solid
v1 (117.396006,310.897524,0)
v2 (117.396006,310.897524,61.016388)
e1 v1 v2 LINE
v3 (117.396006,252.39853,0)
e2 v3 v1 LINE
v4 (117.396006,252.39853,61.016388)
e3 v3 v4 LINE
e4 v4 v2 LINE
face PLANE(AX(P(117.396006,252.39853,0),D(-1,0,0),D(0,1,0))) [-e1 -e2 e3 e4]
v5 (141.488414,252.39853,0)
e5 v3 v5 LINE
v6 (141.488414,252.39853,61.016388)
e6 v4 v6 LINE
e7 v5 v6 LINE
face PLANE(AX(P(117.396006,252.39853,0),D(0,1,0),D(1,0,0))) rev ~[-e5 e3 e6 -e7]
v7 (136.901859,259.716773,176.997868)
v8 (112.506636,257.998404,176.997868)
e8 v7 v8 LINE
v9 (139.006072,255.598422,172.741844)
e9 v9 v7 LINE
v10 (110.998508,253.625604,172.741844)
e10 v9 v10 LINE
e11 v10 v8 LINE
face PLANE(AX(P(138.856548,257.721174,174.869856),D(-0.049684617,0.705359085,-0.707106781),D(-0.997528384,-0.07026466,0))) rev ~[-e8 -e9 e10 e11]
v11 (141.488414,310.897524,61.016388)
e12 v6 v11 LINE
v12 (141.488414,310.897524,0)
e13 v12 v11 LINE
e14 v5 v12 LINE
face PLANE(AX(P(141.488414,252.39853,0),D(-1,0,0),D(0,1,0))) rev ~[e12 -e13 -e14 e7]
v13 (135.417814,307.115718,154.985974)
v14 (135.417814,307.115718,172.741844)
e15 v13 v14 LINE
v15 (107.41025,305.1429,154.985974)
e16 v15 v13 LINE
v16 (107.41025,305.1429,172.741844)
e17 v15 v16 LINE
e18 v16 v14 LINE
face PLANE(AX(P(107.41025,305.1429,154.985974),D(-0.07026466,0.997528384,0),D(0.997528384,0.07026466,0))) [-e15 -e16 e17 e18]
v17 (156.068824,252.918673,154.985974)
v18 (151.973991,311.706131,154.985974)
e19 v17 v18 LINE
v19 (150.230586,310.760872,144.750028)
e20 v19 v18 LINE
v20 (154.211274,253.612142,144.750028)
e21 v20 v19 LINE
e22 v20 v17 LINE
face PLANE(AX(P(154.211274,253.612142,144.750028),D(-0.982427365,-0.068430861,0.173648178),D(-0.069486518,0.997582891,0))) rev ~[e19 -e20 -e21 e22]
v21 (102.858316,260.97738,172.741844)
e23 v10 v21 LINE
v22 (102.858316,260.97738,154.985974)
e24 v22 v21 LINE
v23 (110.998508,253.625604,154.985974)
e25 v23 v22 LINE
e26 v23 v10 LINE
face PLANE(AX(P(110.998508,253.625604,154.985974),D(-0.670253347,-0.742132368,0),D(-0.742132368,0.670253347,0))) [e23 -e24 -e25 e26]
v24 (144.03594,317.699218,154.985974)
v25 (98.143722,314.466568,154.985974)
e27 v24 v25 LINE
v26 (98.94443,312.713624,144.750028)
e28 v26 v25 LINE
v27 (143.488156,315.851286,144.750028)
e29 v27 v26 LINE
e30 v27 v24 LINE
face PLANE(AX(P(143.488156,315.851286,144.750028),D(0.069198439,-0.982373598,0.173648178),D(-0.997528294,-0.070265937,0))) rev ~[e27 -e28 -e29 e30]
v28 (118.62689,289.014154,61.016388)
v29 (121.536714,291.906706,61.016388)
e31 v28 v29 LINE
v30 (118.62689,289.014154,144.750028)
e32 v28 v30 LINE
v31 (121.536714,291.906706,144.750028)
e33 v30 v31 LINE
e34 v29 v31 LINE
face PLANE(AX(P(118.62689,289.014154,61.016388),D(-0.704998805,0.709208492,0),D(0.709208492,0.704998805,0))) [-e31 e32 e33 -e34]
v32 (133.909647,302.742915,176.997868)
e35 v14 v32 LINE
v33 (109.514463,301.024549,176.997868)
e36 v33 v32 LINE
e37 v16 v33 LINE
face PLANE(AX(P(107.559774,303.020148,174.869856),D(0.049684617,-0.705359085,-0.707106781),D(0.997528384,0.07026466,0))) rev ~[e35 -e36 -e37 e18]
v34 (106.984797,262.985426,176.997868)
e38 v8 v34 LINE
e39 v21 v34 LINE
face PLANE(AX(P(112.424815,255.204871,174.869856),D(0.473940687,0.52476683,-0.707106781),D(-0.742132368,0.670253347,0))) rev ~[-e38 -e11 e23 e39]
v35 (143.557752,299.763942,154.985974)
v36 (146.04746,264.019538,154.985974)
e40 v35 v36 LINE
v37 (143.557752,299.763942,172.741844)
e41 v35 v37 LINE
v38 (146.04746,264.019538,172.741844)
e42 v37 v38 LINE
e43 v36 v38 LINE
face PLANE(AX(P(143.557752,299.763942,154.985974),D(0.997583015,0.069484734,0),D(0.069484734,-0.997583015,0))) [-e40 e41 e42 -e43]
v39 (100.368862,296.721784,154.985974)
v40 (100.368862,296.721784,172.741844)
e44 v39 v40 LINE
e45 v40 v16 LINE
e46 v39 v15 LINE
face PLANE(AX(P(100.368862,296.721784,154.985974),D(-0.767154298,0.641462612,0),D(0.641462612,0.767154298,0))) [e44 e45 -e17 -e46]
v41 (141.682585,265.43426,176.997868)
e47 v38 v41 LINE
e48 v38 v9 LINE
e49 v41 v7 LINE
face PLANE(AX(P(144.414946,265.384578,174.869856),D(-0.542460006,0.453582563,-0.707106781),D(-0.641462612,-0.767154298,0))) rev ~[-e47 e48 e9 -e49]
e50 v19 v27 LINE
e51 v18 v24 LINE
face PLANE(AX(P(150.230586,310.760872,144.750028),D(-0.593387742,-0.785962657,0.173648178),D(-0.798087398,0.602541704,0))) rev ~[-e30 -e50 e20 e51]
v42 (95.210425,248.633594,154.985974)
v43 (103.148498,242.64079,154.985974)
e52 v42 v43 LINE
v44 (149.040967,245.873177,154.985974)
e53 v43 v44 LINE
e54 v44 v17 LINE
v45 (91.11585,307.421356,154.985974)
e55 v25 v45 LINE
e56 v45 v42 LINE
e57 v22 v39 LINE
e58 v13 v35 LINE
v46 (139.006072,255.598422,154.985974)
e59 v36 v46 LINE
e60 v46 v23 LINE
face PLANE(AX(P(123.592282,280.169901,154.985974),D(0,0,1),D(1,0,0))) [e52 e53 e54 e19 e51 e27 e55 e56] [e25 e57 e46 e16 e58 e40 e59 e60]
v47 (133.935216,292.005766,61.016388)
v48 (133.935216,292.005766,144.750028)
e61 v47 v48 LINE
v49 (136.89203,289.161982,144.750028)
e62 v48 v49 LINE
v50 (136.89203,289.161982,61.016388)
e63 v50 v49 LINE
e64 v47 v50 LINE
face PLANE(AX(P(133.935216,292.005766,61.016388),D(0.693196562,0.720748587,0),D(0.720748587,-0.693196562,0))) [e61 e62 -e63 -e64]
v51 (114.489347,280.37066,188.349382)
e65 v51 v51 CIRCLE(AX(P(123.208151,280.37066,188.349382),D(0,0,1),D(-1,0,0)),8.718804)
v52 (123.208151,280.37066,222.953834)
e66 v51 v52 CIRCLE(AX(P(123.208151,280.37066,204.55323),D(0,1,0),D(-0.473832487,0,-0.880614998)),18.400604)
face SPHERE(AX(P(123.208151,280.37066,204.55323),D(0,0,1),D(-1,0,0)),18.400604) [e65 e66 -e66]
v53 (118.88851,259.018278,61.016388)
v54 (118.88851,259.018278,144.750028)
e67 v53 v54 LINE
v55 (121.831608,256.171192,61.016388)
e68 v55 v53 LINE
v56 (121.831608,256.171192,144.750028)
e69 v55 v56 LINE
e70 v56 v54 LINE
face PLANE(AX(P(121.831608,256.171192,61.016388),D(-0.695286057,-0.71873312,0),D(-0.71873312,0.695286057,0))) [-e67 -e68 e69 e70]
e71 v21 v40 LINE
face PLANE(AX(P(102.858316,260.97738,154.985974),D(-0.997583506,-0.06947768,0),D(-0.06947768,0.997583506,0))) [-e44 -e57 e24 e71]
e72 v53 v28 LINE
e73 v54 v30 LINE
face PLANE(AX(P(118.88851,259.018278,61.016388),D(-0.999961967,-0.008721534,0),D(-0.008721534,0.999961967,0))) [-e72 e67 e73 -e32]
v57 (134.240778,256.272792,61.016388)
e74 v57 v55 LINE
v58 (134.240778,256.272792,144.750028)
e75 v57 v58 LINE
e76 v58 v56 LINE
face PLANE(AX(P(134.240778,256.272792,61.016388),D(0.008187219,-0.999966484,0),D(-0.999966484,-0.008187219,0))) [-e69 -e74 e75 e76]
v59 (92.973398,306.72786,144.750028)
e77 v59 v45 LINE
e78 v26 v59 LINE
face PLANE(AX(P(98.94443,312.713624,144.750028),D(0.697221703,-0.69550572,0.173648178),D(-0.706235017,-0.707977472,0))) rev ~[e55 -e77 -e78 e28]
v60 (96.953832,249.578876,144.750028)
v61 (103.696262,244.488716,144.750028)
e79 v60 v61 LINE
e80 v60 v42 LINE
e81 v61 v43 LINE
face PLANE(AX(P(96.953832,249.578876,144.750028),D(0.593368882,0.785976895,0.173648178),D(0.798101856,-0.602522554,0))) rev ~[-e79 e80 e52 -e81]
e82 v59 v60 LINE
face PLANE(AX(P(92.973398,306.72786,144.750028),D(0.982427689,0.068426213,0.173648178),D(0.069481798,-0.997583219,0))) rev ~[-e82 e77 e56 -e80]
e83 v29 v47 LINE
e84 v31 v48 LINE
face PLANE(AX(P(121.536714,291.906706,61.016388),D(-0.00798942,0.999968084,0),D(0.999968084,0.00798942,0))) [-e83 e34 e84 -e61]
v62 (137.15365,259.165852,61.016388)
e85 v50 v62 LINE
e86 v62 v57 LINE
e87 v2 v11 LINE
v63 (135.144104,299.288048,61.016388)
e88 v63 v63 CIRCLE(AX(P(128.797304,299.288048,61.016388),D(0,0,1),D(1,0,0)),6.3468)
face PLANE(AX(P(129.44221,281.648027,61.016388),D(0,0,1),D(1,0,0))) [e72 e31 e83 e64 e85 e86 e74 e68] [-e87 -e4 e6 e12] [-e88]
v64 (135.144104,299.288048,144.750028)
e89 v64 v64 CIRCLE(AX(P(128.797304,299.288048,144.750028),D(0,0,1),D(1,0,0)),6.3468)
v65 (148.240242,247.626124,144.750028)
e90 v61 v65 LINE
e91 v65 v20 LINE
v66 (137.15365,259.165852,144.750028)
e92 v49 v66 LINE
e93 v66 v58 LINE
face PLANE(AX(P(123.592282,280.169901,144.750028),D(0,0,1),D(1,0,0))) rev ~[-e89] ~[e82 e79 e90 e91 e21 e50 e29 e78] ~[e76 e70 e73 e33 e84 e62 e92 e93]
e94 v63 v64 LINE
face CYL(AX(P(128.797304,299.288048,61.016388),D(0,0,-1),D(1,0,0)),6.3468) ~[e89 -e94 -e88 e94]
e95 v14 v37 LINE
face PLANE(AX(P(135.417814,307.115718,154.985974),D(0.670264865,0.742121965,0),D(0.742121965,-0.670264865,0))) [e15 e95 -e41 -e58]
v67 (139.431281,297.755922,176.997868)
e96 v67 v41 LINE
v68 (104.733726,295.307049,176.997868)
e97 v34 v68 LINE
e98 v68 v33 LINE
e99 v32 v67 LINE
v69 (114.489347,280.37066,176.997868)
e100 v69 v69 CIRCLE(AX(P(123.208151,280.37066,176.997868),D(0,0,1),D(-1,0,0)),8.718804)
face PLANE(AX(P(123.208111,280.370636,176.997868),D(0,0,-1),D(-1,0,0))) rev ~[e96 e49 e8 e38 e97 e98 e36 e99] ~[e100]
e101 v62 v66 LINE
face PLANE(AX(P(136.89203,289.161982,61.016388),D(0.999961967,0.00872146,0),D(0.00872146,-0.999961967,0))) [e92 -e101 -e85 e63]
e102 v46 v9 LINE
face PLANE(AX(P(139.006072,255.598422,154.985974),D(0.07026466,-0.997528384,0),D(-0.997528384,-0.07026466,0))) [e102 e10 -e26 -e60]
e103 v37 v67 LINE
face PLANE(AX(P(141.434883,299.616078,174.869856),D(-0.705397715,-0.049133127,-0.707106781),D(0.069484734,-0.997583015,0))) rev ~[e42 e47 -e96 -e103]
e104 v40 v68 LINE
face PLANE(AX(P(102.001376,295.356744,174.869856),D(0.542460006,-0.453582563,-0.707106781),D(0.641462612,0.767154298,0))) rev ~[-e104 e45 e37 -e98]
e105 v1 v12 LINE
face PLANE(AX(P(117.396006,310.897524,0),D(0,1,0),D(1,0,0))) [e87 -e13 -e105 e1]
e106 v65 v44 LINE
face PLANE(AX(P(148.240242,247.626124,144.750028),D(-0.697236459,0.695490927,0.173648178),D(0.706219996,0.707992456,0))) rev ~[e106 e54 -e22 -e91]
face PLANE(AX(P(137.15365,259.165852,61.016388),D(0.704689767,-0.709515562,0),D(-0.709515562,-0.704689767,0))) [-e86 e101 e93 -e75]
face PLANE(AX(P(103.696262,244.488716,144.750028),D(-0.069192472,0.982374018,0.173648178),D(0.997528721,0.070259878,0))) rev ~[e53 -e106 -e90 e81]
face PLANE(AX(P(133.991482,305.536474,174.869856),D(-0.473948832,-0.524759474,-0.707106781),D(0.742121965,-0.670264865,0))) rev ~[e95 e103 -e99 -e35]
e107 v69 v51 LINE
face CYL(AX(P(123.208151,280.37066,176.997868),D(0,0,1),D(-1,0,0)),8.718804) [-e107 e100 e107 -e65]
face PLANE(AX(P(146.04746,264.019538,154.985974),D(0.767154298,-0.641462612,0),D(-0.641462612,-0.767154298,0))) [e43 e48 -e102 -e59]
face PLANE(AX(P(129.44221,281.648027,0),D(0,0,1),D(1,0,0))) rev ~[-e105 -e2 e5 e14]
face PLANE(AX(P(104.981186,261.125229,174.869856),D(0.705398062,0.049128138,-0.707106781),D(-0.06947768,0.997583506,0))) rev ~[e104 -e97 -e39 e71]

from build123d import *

# Parameters (mm, degrees)
SKETCH1_W           = 24.092408
SKETCH1_H           = 58.498994
BOSS_EXTRUDE1_DEPTH = 61.016388
SKETCH2_R           = 6.346800124
BOSS_EXTRUDE2_DEPTH = 83.73364
BOSS_EXTRUDE3_DEPTH = 10.235946
BOSS_EXTRUDE3_DRAFT = -10
BOSS_EXTRUDE4_DEPTH = 22.011894
CHAMFER1_SIZE       = 4.256024


with BuildPart() as part:
    # Sketch1 → Boss-Extrude1 (new body)
    with BuildSketch(Plane.XY):
        with Locations((129.44221, 281.648027)):
            Rectangle(SKETCH1_W, SKETCH1_H)
    extrude(amount=BOSS_EXTRUDE1_DEPTH)

    # Sketch2 → Boss-Extrude2 (add)
    with BuildSketch(Plane.XY.offset(61.016388)):
        with Locations((128.797304, 299.288048124)):
            Circle(SKETCH2_R)
        Polygon((118.62689, 289.014154), (121.536714, 291.906706), (133.935216, 292.005766), (136.89203, 289.161982), (137.15365, 259.165852), (134.240778, 256.272792), (121.831608, 256.171192), (118.88851, 259.018278), align=None)
    extrude(amount=BOSS_EXTRUDE2_DEPTH)


with BuildPart() as boss_extrude3_tool:
    # Sketch3 → Boss-Extrude3 (with draft: the straight prism first)
    with BuildSketch(Plane.XY.offset(144.750028)):
        Polygon((92.973398, 306.72786), (96.953832, 249.578876), (103.696262, 244.488716), (148.240242, 247.626124), (154.211274, 253.612142), (150.230586, 310.760872), (143.488156, 315.851286), (98.94443, 312.713624), align=None)
    extrude(amount=BOSS_EXTRUDE3_DEPTH)
    # Boss-Extrude3: the draft: its side faces are tilted about the plane it starts from
    boss_extrude3_sides = [boss_extrude3_tool.faces().sort_by_distance(p)[0] for p in [
        (94.963615, 278.153368, 149.868001),
        (100.325047, 247.033796, 149.868001),
        (125.968252, 246.05742, 149.868001),
        (151.225758, 250.619133, 149.868001),
        (152.22093, 282.186507, 149.868001),
        (146.859371, 313.306079, 149.868001),
        (121.216293, 314.282455, 149.868001),
        (95.958914, 309.720742, 149.868001),
    ]]
    draft(boss_extrude3_sides, Plane.XY.offset(144.750028), BOSS_EXTRUDE3_DRAFT)


with BuildPart() as part_1:
    add(part.part)

    # Boss-Extrude3: add boss_extrude3_tool
    add(boss_extrude3_tool.part)

    # Sketch4 → Boss-Extrude4 (add)
    with BuildSketch(Plane.XY.offset(154.985974)):
        Polygon((100.368862, 296.721784), (107.41025, 305.1429), (135.417814, 307.115718), (143.557752, 299.763942), (146.04746, 264.019538), (139.006072, 255.598422), (110.998508, 253.625604), (102.858316, 260.97738), align=None)
    extrude(amount=BOSS_EXTRUDE4_DEPTH)

    # Chamfer1
    chamfer1_edges = [part_1.edges().sort_by_distance(p)[0] for p in [
        (101.613589, 278.849582, 176.997868),
        (106.928412, 257.301492, 176.997868),
        (125.00229, 254.612013, 176.997868),
        (142.526766, 259.80898, 176.997868),
        (144.802606, 281.89174, 176.997868),
        (139.487783, 303.43983, 176.997868),
        (121.414032, 306.129309, 176.997868),
        (103.889556, 300.932342, 176.997868),
    ]]
    chamfer(chamfer1_edges, length=CHAMFER1_SIZE)

    # Sketch6 → Revolve1 (revolve)
    with BuildSketch(Plane(origin=(123.208151271, 0, 0), x_dir=(0, 0, -1), z_dir=(1, 0, 0)), mode=Mode.PRIVATE) as revolve1_sk:
        with BuildLine():
            Line((-176.997868, 280.370660315), (-176.997868, 289.089464315))
            Line((-176.997868, 289.089464315), (-188.349382, 289.089464315))
            ThreePointArc((-188.349382, 289.089464315), (-209.048874501, 298.213625605), (-222.953834, 280.370660315))
            Line((-222.953834, 280.370660315), (-176.997868, 280.370660315))
        make_face()
    revolve(revolve1_sk.sketch.rotate(Axis((123.208151271, 280.370660315, 176.997868), (0, 0, 1)), 90), axis=Axis((123.208151271, 280.370660315, 176.997868), (0, 0, 1)))


solid = part_1.part
